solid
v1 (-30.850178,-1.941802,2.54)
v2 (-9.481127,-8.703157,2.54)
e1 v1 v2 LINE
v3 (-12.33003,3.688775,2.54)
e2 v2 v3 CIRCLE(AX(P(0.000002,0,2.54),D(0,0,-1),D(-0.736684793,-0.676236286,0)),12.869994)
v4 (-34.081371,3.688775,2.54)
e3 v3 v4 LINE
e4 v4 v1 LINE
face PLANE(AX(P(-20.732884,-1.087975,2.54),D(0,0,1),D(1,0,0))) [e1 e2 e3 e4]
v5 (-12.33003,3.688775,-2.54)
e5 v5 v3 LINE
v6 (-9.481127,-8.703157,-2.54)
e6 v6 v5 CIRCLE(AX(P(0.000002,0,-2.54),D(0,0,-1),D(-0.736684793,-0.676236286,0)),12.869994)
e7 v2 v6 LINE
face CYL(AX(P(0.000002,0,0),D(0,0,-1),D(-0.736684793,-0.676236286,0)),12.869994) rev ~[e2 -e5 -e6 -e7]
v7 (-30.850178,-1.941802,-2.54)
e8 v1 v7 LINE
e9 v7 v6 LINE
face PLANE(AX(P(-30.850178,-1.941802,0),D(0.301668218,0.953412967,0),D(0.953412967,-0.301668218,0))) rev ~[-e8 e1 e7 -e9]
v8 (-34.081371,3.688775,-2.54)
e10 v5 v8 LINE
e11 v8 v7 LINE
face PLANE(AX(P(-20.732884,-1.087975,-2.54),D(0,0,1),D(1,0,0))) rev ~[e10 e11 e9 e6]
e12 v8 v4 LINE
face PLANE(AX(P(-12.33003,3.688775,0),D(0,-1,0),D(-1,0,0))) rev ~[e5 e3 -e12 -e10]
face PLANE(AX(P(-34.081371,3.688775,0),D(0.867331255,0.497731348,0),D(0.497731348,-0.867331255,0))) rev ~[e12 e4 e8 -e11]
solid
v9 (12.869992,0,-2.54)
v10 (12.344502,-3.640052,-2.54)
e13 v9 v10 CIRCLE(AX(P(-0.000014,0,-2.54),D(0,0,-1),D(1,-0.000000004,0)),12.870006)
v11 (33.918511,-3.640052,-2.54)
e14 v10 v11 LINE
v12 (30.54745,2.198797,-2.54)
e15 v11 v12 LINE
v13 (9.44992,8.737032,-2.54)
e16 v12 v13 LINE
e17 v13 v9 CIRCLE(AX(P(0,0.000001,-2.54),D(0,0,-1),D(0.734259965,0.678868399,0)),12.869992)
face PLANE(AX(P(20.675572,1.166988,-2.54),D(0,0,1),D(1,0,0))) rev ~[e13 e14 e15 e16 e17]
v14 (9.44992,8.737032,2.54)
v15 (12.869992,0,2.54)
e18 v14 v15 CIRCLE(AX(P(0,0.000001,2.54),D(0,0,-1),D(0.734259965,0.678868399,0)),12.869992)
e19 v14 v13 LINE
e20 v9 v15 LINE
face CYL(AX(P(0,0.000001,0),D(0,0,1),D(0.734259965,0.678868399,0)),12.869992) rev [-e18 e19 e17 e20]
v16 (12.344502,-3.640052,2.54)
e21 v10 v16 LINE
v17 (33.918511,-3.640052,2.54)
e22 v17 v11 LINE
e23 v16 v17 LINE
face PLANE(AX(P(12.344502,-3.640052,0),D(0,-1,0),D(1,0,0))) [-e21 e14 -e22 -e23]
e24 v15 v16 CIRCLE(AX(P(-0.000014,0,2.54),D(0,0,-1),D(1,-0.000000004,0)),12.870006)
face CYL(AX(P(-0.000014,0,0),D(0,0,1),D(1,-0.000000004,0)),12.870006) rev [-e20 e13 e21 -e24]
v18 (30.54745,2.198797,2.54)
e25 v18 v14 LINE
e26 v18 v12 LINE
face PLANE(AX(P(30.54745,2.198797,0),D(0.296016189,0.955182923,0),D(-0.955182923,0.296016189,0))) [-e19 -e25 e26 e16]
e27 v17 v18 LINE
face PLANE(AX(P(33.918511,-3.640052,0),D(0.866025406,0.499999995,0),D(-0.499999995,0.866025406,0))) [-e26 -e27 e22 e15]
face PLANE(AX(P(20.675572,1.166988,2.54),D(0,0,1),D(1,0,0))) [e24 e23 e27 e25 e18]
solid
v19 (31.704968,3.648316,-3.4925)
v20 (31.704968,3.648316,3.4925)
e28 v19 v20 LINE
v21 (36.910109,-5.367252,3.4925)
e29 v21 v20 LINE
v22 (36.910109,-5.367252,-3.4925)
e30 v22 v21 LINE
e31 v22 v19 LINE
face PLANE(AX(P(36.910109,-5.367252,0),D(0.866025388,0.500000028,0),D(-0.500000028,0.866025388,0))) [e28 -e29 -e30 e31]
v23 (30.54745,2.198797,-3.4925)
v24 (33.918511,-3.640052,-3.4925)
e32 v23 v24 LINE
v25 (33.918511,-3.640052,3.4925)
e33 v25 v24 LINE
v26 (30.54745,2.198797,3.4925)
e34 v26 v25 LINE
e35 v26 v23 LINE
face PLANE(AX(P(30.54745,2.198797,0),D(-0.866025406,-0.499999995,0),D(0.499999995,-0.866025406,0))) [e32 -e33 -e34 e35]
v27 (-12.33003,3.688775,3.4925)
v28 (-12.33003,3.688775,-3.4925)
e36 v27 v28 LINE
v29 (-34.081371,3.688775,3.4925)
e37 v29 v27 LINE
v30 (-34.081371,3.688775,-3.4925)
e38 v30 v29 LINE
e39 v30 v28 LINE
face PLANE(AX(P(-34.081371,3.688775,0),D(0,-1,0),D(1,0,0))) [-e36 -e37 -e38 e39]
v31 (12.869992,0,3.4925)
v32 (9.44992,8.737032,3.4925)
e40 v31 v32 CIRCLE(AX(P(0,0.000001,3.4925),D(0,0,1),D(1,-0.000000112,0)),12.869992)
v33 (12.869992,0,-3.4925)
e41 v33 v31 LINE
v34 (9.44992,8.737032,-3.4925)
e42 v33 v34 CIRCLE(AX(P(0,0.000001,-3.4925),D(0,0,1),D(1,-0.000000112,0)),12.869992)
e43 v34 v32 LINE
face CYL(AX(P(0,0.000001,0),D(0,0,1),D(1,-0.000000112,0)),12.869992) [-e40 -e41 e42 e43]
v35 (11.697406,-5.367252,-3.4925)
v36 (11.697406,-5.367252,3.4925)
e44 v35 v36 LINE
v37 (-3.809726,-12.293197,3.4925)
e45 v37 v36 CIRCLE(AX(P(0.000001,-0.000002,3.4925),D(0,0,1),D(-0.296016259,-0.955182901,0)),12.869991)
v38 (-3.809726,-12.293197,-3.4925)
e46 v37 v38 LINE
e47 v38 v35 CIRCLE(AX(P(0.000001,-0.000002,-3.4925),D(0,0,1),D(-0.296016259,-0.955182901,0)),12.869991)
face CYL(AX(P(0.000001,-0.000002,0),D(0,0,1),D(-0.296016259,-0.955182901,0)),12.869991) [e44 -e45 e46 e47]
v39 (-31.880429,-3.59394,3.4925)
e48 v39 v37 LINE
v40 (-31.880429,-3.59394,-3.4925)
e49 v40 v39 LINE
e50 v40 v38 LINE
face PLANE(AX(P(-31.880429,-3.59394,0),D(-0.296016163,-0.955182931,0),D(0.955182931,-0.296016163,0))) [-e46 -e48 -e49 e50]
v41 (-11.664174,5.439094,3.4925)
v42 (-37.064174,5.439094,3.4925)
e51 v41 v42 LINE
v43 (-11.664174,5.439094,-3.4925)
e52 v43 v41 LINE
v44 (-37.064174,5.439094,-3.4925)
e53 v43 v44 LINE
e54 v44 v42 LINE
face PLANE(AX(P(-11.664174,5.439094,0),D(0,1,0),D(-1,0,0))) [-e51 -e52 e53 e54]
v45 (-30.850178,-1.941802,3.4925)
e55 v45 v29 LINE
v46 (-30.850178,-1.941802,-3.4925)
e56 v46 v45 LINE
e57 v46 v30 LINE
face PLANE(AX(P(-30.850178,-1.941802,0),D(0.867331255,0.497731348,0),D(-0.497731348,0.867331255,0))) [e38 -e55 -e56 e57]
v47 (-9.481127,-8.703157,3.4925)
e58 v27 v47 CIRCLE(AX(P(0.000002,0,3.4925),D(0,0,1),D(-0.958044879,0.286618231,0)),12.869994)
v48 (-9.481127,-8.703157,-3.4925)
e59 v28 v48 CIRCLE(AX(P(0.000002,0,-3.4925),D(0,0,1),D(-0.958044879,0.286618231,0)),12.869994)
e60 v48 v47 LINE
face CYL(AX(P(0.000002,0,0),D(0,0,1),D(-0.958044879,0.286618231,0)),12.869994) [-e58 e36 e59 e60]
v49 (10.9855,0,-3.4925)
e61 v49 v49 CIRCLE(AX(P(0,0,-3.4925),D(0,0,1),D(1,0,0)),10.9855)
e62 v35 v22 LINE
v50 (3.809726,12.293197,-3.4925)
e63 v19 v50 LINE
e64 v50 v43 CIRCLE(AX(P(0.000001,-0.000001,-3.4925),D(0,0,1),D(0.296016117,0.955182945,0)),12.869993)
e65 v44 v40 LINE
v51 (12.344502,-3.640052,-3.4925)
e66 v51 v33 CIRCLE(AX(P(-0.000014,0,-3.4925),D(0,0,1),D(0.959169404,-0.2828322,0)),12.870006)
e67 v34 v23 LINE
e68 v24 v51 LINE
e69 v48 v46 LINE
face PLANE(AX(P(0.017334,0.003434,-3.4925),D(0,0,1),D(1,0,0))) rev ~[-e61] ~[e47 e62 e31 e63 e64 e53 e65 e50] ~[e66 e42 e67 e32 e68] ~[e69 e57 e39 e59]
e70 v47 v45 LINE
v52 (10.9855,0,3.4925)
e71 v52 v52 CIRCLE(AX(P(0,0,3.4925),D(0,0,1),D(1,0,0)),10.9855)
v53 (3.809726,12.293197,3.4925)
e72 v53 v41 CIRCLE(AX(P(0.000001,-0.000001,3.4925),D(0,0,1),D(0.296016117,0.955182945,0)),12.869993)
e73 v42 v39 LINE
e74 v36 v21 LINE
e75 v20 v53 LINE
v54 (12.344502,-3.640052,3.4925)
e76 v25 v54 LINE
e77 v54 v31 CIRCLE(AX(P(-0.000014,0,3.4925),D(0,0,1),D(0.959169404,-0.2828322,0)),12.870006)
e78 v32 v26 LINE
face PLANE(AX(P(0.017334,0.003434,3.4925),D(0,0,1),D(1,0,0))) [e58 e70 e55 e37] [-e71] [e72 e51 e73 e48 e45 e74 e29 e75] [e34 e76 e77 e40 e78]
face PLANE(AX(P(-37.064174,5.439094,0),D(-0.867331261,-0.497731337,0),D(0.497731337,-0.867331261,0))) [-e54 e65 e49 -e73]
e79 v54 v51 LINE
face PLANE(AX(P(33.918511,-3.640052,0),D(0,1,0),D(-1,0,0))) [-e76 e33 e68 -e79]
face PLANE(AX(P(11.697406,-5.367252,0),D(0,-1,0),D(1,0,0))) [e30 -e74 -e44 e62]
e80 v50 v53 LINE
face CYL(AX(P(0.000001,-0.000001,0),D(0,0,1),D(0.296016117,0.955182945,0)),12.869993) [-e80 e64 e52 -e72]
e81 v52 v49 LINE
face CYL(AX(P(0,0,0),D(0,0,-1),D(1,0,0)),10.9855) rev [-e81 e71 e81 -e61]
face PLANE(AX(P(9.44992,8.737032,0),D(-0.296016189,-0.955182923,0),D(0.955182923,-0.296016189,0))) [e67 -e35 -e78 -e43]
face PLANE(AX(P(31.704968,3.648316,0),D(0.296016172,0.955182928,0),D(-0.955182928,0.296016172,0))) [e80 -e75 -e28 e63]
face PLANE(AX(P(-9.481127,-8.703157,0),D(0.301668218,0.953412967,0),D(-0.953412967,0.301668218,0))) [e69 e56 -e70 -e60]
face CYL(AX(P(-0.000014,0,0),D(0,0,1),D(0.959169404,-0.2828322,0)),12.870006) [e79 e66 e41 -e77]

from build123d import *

# Parameters (mm, degrees)
F1_DEPTH = 2.54
F0_R     = 10.9855
F2_DEPTH = 3.4925


with BuildPart() as f1:
    # F0 (on Top) → F1 (new body, symmetric)
    with BuildSketch(Plane.XY):
        with BuildLine():
            ThreePointArc((-9.481127, -8.703157), (-12.542792, -2.883586), (-12.33003, 3.688775))
            Line((-12.33003, 3.688775), (-34.081371, 3.688775))
            Line((-34.081371, 3.688775), (-30.850178, -1.941802))
            Line((-30.850178, -1.941802), (-9.481127, -8.703157))
        make_face()
        with BuildLine():
            ThreePointArc((9.44992, 8.737032), (11.984513, 4.691285), (12.869992, 0))
            ThreePointArc((12.869992, 0), (12.737942, -1.838894), (12.344502, -3.640052))
            Line((12.344502, -3.640052), (33.918511, -3.640052))
            Line((33.918511, -3.640052), (30.54745, 2.198797))
            Line((30.54745, 2.198797), (9.44992, 8.737032))
        make_face()
    extrude(amount=F1_DEPTH, both=True)


with BuildPart() as f2:
    # F0 (on Top) → F2 (new body, symmetric)
    with BuildSketch(Plane.XY):
        with BuildLine():
            ThreePointArc((12.344502, -3.640052), (12.737942, -1.838894), (12.869992, 0))
            ThreePointArc((12.869992, 0), (11.984513, 4.691285), (9.44992, 8.737032))
            ThreePointArc((9.44992, 8.737032), (6.864119, 10.886716), (3.809726, 12.293197))
            ThreePointArc((3.809726, 12.293197), (-5.212271, 11.767282), (-11.664174, 5.439094))
            ThreePointArc((-11.664174, 5.439094), (-12.02898, 4.576061), (-12.33003, 3.688775))
            ThreePointArc((-12.33003, 3.688775), (-12.542792, -2.883586), (-9.481127, -8.703157))
            ThreePointArc((-9.481127, -8.703157), (-6.883588, -10.874416), (-3.809726, -12.293197))
            ThreePointArc((-3.809726, -12.293197), (5.248434, -11.751198), (11.697406, -5.367252))
            ThreePointArc((11.697406, -5.367252), (12.051935, -4.515259), (12.344502, -3.640052))
        make_face()
        Circle(F0_R, mode=Mode.SUBTRACT)
        with BuildLine():
            ThreePointArc((3.809726, 12.293197), (6.864119, 10.886716), (9.44992, 8.737032))
            Line((9.44992, 8.737032), (30.54745, 2.198797))
            Line((30.54745, 2.198797), (33.918511, -3.640052))
            Line((33.918511, -3.640052), (12.344502, -3.640052))
            ThreePointArc((12.344502, -3.640052), (12.051935, -4.515259), (11.697406, -5.367252))
            Line((11.697406, -5.367252), (36.910109, -5.367252))
            Line((36.910109, -5.367252), (31.704968, 3.648316))
            Line((31.704968, 3.648316), (3.809726, 12.293197))
        make_face()
        with BuildLine():
            ThreePointArc((-12.33003, 3.688775), (-12.02898, 4.576061), (-11.664174, 5.439094))
            Line((-11.664174, 5.439094), (-37.064174, 5.439094))
            Line((-37.064174, 5.439094), (-31.880429, -3.59394))
            Line((-31.880429, -3.59394), (-3.809726, -12.293197))
            ThreePointArc((-3.809726, -12.293197), (-6.883588, -10.874416), (-9.481127, -8.703157))
            Line((-9.481127, -8.703157), (-30.850178, -1.941802))
            Line((-30.850178, -1.941802), (-34.081371, 3.688775))
            Line((-34.081371, 3.688775), (-12.33003, 3.688775))
        make_face()
    extrude(amount=F2_DEPTH, both=True)


solid = Compound([f1.part, f2.part])
